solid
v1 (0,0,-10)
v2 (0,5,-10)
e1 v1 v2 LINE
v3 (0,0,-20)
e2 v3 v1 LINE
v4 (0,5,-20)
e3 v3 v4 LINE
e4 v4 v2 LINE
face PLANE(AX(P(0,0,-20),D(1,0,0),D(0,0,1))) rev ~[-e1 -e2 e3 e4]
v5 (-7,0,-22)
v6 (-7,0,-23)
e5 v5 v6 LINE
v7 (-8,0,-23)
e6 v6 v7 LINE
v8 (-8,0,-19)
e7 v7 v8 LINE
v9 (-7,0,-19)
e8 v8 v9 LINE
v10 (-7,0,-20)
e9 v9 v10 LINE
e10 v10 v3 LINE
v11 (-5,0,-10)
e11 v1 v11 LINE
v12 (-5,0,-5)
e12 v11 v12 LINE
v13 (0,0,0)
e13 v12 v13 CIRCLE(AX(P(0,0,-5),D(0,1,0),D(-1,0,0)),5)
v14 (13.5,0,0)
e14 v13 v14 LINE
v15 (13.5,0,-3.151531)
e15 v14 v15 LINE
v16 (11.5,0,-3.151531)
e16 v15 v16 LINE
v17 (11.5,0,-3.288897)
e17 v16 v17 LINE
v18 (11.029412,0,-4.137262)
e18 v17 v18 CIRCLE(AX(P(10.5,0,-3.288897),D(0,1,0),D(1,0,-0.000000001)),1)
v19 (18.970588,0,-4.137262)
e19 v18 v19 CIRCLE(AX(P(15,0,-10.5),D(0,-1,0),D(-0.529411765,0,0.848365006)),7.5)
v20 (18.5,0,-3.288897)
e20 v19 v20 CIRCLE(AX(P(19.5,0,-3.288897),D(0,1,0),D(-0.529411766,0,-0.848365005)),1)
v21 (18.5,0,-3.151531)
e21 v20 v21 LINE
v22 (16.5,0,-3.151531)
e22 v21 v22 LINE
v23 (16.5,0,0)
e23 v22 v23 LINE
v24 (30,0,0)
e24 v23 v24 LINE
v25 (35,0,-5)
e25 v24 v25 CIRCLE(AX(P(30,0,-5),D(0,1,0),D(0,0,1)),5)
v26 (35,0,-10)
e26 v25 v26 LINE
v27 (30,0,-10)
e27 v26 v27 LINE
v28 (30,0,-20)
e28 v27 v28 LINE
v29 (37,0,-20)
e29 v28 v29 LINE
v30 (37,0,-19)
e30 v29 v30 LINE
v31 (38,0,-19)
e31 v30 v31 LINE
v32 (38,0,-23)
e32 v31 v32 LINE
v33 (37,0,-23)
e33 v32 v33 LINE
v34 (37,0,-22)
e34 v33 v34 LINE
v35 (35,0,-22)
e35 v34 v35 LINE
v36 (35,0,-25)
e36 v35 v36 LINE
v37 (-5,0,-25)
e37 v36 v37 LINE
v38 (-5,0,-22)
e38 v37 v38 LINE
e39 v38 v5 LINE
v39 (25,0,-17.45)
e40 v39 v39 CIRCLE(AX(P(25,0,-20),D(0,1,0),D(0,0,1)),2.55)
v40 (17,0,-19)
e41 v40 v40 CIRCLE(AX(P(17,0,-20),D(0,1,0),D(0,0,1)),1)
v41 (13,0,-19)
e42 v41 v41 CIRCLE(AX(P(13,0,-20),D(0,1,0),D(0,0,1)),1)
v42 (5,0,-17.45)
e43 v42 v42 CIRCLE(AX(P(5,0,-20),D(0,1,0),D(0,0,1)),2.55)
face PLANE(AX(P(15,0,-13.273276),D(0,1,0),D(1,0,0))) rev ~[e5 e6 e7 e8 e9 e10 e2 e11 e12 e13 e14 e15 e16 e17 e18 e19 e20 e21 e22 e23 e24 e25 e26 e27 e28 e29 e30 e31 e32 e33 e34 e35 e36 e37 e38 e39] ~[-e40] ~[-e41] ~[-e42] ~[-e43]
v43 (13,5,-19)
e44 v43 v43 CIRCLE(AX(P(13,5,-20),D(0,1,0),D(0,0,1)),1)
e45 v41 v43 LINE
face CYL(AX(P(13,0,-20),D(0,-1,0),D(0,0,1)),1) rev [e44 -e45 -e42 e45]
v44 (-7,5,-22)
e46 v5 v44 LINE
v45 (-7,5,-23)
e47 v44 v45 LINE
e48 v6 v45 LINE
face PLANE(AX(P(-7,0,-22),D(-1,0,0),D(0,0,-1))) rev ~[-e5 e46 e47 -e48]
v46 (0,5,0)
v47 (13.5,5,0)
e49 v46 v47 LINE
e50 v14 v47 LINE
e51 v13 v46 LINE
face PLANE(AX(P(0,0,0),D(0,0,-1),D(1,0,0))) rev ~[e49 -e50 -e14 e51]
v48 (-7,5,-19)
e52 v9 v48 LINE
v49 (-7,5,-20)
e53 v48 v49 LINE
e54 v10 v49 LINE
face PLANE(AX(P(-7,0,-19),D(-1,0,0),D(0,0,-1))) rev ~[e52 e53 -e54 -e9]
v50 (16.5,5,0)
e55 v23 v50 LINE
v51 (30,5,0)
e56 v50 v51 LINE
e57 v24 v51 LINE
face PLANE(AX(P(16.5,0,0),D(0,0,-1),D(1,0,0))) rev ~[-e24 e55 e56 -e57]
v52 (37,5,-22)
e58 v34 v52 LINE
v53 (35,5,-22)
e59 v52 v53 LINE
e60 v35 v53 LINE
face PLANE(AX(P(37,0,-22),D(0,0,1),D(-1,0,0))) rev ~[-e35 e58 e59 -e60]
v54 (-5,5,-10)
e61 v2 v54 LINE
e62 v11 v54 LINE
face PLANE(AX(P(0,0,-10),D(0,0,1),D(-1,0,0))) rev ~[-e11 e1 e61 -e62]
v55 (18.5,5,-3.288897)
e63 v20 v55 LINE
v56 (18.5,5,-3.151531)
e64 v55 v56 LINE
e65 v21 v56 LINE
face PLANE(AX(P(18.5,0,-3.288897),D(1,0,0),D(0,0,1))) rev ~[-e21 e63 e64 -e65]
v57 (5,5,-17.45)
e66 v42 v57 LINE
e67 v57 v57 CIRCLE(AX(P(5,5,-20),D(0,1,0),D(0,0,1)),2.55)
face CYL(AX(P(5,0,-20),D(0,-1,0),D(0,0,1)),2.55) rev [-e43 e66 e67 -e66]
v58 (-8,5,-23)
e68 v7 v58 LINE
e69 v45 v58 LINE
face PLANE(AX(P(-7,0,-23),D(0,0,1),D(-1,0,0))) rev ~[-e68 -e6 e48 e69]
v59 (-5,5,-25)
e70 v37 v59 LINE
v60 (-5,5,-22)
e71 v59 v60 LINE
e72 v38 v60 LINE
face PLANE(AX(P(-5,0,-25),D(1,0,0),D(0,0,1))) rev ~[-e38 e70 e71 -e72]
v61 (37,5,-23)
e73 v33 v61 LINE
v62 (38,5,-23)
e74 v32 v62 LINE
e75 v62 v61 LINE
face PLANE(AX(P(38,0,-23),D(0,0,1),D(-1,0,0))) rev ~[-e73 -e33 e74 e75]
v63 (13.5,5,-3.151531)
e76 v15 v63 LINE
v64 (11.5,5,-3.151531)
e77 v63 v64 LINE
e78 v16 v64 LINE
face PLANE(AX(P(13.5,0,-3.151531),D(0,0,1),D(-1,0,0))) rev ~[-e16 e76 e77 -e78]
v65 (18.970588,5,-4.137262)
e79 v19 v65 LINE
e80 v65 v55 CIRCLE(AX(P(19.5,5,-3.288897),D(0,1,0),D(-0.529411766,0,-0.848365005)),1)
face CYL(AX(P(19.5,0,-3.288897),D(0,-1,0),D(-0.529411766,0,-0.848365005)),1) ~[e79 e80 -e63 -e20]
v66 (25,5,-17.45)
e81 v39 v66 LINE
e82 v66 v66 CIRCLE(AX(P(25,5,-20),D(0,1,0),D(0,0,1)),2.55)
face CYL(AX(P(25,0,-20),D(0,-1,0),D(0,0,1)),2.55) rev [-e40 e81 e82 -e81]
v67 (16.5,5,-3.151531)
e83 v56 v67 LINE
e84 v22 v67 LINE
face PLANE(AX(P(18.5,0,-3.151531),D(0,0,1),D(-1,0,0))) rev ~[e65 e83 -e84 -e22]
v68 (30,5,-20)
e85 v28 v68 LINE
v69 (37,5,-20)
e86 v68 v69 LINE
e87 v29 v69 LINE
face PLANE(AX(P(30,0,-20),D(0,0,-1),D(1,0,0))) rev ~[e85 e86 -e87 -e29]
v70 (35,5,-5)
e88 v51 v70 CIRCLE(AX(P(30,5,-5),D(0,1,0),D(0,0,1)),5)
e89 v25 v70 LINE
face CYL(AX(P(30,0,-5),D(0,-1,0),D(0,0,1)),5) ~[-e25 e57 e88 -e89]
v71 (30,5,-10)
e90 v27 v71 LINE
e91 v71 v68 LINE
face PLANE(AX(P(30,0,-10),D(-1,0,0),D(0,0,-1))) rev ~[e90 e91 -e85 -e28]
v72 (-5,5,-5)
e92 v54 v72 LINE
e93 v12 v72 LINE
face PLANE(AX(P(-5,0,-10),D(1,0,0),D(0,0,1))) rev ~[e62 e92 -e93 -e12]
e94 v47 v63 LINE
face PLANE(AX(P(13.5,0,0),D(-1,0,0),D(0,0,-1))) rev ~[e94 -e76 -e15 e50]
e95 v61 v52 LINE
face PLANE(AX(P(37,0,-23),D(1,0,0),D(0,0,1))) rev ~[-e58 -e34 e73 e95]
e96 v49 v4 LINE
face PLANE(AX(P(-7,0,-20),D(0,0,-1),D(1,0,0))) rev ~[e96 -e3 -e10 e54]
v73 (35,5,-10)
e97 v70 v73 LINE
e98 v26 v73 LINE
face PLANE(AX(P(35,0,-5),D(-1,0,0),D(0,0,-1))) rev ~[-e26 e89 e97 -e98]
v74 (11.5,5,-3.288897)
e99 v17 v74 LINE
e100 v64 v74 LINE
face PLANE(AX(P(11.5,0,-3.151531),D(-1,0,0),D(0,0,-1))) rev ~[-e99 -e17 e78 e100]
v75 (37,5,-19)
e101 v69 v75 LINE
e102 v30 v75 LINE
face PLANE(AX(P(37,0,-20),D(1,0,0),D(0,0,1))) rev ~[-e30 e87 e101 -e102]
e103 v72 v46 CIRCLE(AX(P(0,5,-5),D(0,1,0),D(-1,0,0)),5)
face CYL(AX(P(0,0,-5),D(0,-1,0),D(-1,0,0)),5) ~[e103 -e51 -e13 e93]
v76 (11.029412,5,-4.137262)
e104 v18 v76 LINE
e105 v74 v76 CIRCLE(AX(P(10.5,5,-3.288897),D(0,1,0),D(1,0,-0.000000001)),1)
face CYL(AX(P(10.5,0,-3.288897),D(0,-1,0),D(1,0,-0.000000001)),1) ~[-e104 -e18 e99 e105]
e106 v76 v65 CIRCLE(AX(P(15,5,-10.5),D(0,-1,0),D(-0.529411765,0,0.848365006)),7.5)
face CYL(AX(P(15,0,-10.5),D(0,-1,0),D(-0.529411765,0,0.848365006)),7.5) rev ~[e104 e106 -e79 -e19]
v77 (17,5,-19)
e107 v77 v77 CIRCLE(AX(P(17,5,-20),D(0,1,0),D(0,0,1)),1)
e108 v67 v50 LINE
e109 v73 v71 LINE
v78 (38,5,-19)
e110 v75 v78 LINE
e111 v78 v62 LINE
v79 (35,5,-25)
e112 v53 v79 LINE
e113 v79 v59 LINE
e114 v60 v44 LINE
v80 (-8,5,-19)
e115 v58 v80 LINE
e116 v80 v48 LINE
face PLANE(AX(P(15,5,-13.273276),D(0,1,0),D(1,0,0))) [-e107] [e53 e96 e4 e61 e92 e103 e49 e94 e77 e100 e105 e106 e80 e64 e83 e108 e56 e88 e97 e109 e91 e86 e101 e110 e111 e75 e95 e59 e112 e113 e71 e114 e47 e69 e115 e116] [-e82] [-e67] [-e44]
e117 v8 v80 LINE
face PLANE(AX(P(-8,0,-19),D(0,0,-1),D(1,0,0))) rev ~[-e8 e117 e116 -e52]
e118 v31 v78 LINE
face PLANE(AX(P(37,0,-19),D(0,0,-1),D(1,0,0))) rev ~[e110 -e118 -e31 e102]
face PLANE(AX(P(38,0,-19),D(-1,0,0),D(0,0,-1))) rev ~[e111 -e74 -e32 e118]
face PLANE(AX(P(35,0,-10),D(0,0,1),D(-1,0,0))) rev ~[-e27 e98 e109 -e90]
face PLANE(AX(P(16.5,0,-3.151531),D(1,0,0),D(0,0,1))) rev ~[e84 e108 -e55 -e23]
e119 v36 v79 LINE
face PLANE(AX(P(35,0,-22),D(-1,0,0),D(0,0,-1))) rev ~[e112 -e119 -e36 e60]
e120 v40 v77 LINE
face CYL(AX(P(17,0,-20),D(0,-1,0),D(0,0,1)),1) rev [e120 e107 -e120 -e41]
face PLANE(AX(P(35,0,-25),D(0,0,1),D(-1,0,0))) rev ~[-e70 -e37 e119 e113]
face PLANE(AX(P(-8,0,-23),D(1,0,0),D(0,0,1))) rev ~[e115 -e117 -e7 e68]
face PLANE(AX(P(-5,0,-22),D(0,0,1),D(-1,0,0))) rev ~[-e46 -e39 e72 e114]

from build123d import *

# Parameters (mm, degrees)
SKETCH_1_R      = 2.55
SKETCH_1_R_2    = 1
EXTRUDE_1_DEPTH = 5


with BuildPart() as part:
    # 草图1 → 凸台-拉伸1 (new body)
    with BuildSketch(Plane(origin=(0, 0, 0), x_dir=(1, 0, 0), z_dir=(0, 1, 0))):
        with BuildLine():
            Line((35, 20), (37, 20))
            Line((37, 20), (37, 19))
            Line((37, 19), (38, 19))
            Line((38, 19), (38, 23))
            Line((38, 23), (37, 23))
            Line((37, 23), (37, 22))
            Line((37, 22), (35, 22))
            Line((35, 22), (35, 25))
            Line((35, 25), (30, 25))
            Line((30, 25), (20, 25))
            Line((20, 25), (10, 25))
            Line((10, 25), (0, 25))
            Line((0, 25), (-5, 25))
            Line((-5, 25), (-5, 22))
            Line((-5, 22), (-7, 22))
            Line((-7, 22), (-7, 23))
            Line((-7, 23), (-8, 23))
            Line((-8, 23), (-8, 19))
            Line((-8, 19), (-7, 19))
            Line((-7, 19), (-7, 20))
            Line((-7, 20), (-5, 20))
            Line((-5, 20), (0, 20))
            Line((0, 20), (0, 10))
            Line((0, 10), (-5, 10))
            Line((-5, 10), (-5, 5))
            ThreePointArc((-5, 5), (-3.535533906, 1.464466094), (0, 0))
            Line((0, 0), (5, 0))
            Line((5, 0), (13.5, 0))
            Line((13.5, 0), (13.5, 3.151530772))
            Line((13.5, 3.151530772), (11.5, 3.151530772))
            Line((11.5, 3.151530772), (11.5, 3.288897449))
            ThreePointArc((11.5, 3.288897449), (11.374474632, 3.773968699), (11.029411765, 4.137262455))
            ThreePointArc((11.029411765, 4.137262455), (15, 18), (18.970588235, 4.137262455))
            ThreePointArc((18.970588235, 4.137262455), (18.625525368, 3.773968699), (18.5, 3.288897449))
            Line((18.5, 3.288897449), (18.5, 3.151530772))
            Line((18.5, 3.151530772), (16.5, 3.151530772))
            Line((16.5, 3.151530772), (16.5, 0))
            Line((16.5, 0), (25, 0))
            Line((25, 0), (30, 0))
            ThreePointArc((30, 0), (33.535533906, 1.464466094), (35, 5))
            Line((35, 5), (35, 10))
            Line((35, 10), (30, 10))
            Line((30, 10), (30, 20))
            Line((30, 20), (35, 20))
        make_face()
        with Locations(Location((5, 20, 0), (0, 0, 270))):
            Circle(SKETCH_1_R, mode=Mode.SUBTRACT)
        with Locations(Location((25, 20, 0), (0, 0, 270))):
            Circle(SKETCH_1_R, mode=Mode.SUBTRACT)
        with Locations(Location((13, 20, 0), (0, 0, 270))):
            Circle(SKETCH_1_R_2, mode=Mode.SUBTRACT)
        with Locations(Location((17, 20, 0), (0, 0, 270))):
            Circle(SKETCH_1_R_2, mode=Mode.SUBTRACT)
    extrude(amount=EXTRUDE_1_DEPTH)


solid = part.part
